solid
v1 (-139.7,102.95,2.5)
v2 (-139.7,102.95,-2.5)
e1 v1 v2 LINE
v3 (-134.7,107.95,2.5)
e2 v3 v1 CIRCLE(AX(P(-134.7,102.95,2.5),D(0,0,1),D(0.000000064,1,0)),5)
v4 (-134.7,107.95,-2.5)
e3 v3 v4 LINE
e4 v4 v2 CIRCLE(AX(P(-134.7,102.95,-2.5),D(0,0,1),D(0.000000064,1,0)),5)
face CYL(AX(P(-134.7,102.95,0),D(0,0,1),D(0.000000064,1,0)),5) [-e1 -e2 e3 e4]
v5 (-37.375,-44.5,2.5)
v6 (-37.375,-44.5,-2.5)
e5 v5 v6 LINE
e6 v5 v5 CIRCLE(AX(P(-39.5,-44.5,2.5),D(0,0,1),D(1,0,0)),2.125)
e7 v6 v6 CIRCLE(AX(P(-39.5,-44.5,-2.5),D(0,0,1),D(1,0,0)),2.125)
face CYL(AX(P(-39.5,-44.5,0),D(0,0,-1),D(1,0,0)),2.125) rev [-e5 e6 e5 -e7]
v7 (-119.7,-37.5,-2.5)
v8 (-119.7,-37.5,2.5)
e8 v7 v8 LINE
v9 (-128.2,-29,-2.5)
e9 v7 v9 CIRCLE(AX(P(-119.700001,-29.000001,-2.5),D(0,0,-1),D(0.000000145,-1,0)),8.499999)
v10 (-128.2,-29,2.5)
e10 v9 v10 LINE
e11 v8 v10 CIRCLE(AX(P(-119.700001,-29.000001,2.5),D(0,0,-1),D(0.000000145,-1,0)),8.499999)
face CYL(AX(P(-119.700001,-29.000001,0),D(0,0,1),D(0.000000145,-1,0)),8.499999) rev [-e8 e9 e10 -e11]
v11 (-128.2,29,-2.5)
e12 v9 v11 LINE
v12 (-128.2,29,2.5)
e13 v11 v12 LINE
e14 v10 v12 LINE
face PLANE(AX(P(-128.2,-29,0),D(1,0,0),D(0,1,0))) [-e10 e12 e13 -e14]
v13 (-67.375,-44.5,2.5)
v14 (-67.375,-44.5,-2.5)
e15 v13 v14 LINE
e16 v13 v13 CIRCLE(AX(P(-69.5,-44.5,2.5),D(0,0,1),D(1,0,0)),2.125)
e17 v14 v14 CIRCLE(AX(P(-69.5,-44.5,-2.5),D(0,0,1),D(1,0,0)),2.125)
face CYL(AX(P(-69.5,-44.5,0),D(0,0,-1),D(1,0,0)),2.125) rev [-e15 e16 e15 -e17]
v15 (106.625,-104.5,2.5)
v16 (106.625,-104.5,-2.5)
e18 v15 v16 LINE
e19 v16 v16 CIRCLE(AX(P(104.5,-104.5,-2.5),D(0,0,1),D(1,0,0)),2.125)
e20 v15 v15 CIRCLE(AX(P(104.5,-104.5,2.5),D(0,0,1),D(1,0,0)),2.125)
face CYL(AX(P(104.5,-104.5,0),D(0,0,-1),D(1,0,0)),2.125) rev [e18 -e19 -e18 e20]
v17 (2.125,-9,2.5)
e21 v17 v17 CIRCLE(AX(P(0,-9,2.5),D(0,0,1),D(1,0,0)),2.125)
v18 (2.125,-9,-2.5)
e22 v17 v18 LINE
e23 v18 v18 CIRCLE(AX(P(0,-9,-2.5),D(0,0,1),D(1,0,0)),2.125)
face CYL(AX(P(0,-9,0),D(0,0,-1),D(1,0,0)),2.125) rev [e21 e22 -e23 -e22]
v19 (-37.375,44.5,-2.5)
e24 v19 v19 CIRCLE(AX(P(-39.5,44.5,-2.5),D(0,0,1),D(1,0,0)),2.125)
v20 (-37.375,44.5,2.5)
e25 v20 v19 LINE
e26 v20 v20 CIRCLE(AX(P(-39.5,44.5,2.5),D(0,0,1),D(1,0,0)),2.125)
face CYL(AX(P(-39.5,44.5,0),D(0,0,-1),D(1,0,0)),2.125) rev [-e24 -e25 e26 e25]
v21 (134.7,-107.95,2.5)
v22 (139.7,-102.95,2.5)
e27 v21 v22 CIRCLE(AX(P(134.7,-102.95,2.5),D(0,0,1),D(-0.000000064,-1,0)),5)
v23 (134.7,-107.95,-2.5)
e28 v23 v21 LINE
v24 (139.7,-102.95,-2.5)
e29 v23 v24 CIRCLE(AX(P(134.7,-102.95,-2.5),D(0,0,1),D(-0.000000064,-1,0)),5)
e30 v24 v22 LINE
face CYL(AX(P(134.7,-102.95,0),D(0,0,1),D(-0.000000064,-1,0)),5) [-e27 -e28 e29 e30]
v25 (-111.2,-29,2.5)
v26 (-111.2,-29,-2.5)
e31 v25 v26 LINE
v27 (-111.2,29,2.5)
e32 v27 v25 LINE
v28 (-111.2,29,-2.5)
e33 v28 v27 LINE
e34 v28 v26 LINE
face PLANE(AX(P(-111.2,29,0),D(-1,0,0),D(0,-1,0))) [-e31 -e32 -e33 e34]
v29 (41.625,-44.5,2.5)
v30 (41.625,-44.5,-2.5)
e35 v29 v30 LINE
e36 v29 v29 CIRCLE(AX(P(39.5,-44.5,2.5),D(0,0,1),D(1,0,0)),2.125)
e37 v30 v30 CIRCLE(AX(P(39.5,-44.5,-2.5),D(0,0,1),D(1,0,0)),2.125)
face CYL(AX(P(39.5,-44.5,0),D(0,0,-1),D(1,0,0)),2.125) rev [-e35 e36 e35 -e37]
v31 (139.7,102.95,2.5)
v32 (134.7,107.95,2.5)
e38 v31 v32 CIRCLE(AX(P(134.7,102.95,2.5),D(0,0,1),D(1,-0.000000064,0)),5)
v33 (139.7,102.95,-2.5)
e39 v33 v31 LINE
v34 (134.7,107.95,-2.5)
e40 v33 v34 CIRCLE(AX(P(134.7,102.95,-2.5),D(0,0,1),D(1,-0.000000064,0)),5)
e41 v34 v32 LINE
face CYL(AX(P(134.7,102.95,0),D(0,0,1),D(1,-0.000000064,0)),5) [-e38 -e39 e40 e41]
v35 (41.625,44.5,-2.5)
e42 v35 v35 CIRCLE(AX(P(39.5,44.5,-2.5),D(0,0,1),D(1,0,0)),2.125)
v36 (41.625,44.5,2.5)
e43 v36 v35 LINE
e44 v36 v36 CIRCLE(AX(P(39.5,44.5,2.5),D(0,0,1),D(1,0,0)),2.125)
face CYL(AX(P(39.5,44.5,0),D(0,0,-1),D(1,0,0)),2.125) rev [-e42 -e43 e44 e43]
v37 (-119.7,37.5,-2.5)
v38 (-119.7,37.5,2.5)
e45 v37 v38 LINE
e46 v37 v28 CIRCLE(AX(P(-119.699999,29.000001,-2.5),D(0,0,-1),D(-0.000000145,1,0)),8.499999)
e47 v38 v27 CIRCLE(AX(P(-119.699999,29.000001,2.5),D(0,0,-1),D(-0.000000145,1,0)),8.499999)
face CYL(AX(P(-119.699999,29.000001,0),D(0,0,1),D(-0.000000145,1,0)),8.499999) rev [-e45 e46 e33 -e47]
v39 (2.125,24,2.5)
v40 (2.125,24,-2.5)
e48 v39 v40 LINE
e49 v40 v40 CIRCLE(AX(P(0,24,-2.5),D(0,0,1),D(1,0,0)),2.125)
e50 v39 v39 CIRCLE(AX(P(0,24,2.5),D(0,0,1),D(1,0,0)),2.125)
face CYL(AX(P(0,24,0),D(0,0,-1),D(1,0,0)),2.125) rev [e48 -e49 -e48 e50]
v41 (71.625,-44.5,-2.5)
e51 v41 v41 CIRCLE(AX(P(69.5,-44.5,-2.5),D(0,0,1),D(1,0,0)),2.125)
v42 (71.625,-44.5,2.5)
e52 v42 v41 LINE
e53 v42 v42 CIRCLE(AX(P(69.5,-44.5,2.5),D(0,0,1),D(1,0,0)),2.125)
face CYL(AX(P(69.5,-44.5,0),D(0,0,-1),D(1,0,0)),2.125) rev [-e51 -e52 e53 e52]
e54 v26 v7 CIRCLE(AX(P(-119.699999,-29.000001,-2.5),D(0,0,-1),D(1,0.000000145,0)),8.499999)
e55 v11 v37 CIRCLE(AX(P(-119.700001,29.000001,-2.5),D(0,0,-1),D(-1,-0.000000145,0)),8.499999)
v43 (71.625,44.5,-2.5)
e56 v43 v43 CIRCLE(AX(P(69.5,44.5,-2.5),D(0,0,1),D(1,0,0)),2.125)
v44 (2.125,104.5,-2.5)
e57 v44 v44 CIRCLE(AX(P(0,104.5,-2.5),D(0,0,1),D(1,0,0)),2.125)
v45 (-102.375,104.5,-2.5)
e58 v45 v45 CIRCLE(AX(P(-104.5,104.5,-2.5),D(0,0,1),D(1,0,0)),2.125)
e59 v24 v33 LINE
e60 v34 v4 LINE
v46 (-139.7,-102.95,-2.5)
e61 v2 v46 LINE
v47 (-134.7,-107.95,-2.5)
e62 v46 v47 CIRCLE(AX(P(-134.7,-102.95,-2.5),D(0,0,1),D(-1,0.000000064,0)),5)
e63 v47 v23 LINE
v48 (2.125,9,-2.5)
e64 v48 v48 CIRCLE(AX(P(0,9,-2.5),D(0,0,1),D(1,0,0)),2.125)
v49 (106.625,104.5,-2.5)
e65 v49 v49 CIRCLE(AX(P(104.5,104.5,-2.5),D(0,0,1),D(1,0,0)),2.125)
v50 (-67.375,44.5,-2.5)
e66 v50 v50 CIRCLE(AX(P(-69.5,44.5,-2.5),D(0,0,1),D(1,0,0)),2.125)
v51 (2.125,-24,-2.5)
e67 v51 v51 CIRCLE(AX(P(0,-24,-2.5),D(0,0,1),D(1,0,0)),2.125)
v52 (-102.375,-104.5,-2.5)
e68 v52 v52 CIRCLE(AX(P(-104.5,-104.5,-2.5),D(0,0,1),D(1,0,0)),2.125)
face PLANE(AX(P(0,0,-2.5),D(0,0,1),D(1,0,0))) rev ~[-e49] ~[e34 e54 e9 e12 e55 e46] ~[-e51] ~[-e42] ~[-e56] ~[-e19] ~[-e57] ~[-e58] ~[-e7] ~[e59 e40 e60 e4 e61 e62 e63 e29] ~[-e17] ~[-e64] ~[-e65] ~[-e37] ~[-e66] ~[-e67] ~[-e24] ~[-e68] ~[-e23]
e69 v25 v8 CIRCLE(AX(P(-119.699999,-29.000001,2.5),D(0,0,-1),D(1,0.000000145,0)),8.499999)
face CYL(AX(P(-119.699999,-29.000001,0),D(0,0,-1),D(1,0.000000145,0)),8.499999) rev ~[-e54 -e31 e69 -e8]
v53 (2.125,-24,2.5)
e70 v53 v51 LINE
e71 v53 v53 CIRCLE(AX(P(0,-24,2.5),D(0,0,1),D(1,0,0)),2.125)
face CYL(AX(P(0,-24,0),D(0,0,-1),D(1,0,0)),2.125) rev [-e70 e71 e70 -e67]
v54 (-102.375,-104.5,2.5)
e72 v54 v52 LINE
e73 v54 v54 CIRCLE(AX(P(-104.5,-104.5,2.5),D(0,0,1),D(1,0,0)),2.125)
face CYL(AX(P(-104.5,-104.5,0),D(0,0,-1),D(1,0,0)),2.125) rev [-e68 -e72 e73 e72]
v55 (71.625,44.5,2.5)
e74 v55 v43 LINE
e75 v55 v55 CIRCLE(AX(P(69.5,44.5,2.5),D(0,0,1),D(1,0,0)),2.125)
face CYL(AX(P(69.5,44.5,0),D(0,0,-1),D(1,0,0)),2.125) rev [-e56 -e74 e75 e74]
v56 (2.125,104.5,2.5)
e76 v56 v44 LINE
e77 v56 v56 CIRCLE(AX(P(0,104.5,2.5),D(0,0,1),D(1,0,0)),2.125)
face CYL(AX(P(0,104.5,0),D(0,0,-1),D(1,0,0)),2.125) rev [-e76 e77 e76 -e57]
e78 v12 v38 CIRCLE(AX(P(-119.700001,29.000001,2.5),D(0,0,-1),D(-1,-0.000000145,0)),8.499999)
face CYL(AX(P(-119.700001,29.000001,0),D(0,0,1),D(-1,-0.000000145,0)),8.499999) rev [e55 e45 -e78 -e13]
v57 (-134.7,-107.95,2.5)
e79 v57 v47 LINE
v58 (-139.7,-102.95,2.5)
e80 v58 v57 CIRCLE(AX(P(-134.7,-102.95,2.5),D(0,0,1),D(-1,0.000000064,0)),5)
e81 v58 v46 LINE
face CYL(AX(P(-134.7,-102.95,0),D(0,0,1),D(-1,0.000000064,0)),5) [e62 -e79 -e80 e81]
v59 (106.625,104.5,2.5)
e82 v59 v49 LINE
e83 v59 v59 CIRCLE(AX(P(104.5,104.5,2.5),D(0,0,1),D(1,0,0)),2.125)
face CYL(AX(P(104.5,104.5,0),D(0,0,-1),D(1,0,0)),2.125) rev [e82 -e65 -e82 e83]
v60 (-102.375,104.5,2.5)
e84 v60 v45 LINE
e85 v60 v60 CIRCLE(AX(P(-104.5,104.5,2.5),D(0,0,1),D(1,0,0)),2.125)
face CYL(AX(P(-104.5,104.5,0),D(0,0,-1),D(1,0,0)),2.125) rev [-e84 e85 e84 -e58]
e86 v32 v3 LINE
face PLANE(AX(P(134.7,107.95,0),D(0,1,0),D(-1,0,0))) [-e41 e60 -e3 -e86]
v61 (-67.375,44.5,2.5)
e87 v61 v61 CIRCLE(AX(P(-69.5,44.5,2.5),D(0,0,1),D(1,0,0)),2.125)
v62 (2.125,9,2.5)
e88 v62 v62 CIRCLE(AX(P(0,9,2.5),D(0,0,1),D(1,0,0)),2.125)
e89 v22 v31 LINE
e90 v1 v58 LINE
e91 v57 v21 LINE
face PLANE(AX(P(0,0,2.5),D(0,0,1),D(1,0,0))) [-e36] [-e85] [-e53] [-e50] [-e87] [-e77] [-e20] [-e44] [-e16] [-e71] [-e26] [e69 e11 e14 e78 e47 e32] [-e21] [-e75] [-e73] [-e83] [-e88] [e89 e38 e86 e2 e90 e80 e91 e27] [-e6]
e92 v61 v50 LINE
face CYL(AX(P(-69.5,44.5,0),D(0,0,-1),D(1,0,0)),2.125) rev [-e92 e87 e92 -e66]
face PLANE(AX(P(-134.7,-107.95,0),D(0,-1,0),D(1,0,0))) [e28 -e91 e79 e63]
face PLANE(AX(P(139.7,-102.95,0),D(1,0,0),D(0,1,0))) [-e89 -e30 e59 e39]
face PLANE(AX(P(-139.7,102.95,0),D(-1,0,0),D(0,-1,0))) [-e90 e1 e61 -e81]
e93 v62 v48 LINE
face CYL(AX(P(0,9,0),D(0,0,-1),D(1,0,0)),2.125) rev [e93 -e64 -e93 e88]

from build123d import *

# Parameters (mm, degrees)
F0_R     = 2.125
F1_DEPTH = 2.5


with BuildPart() as f1:
    # F0 (on Top) → F1 (new body, symmetric)
    with BuildSketch(Plane.XY):
        with BuildLine():
            Line((-134.7, -107.95), (134.7, -107.95))
            ThreePointArc((134.7, -107.95), (138.235534, -106.485534), (139.7, -102.95))
            Line((139.7, -102.95), (139.7, 0))
            Line((139.7, 0), (139.7, 102.95))
            ThreePointArc((139.7, 102.95), (138.235534, 106.485534), (134.7, 107.95))
            Line((134.7, 107.95), (-134.7, 107.95))
            ThreePointArc((-134.7, 107.95), (-138.235534, 106.485534), (-139.7, 102.95))
            Line((-139.7, 102.95), (-139.7, 0))
            Line((-139.7, 0), (-139.7, -102.95))
            ThreePointArc((-139.7, -102.95), (-138.235534, -106.485534), (-134.7, -107.95))
        make_face()
        with Locations((-104.5, -104.5)):
            Circle(F0_R, mode=Mode.SUBTRACT)
        with Locations((-69.5, -44.5)):
            Circle(F0_R, mode=Mode.SUBTRACT)
        with Locations((-39.5, -44.5)):
            Circle(F0_R, mode=Mode.SUBTRACT)
        with Locations((104.5, -104.5)):
            Circle(F0_R, mode=Mode.SUBTRACT)
        with Locations((39.5, -44.5)):
            Circle(F0_R, mode=Mode.SUBTRACT)
        with Locations((69.5, -44.5)):
            Circle(F0_R, mode=Mode.SUBTRACT)
        with Locations((0, -24)):
            Circle(F0_R, mode=Mode.SUBTRACT)
        with Locations((0, -9)):
            Circle(F0_R, mode=Mode.SUBTRACT)
        with BuildLine():
            ThreePointArc((-119.7, 37.5), (-113.689592, 35.010408), (-111.2, 29))
            Line((-111.2, 29), (-111.2, -29))
            ThreePointArc((-111.2, -29), (-113.689592, -35.010408), (-119.7, -37.5))
            ThreePointArc((-119.7, -37.5), (-125.710408, -35.010408), (-128.2, -29))
            Line((-128.2, -29), (-128.2, 29))
            ThreePointArc((-128.2, 29), (-125.710408, 35.010408), (-119.7, 37.5))
        make_face(mode=Mode.SUBTRACT)
        with Locations((-69.5, 44.5)):
            Circle(F0_R, mode=Mode.SUBTRACT)
        with Locations((-39.5, 44.5)):
            Circle(F0_R, mode=Mode.SUBTRACT)
        with Locations((-104.5, 104.5)):
            Circle(F0_R, mode=Mode.SUBTRACT)
        with Locations((0, 9)):
            Circle(F0_R, mode=Mode.SUBTRACT)
        with Locations((0, 24)):
            Circle(F0_R, mode=Mode.SUBTRACT)
        with Locations((39.5, 44.5)):
            Circle(F0_R, mode=Mode.SUBTRACT)
        with Locations((69.5, 44.5)):
            Circle(F0_R, mode=Mode.SUBTRACT)
        with Locations((0, 104.5)):
            Circle(F0_R, mode=Mode.SUBTRACT)
        with Locations((104.5, 104.5)):
            Circle(F0_R, mode=Mode.SUBTRACT)
    extrude(amount=F1_DEPTH, both=True)


solid = f1.part
